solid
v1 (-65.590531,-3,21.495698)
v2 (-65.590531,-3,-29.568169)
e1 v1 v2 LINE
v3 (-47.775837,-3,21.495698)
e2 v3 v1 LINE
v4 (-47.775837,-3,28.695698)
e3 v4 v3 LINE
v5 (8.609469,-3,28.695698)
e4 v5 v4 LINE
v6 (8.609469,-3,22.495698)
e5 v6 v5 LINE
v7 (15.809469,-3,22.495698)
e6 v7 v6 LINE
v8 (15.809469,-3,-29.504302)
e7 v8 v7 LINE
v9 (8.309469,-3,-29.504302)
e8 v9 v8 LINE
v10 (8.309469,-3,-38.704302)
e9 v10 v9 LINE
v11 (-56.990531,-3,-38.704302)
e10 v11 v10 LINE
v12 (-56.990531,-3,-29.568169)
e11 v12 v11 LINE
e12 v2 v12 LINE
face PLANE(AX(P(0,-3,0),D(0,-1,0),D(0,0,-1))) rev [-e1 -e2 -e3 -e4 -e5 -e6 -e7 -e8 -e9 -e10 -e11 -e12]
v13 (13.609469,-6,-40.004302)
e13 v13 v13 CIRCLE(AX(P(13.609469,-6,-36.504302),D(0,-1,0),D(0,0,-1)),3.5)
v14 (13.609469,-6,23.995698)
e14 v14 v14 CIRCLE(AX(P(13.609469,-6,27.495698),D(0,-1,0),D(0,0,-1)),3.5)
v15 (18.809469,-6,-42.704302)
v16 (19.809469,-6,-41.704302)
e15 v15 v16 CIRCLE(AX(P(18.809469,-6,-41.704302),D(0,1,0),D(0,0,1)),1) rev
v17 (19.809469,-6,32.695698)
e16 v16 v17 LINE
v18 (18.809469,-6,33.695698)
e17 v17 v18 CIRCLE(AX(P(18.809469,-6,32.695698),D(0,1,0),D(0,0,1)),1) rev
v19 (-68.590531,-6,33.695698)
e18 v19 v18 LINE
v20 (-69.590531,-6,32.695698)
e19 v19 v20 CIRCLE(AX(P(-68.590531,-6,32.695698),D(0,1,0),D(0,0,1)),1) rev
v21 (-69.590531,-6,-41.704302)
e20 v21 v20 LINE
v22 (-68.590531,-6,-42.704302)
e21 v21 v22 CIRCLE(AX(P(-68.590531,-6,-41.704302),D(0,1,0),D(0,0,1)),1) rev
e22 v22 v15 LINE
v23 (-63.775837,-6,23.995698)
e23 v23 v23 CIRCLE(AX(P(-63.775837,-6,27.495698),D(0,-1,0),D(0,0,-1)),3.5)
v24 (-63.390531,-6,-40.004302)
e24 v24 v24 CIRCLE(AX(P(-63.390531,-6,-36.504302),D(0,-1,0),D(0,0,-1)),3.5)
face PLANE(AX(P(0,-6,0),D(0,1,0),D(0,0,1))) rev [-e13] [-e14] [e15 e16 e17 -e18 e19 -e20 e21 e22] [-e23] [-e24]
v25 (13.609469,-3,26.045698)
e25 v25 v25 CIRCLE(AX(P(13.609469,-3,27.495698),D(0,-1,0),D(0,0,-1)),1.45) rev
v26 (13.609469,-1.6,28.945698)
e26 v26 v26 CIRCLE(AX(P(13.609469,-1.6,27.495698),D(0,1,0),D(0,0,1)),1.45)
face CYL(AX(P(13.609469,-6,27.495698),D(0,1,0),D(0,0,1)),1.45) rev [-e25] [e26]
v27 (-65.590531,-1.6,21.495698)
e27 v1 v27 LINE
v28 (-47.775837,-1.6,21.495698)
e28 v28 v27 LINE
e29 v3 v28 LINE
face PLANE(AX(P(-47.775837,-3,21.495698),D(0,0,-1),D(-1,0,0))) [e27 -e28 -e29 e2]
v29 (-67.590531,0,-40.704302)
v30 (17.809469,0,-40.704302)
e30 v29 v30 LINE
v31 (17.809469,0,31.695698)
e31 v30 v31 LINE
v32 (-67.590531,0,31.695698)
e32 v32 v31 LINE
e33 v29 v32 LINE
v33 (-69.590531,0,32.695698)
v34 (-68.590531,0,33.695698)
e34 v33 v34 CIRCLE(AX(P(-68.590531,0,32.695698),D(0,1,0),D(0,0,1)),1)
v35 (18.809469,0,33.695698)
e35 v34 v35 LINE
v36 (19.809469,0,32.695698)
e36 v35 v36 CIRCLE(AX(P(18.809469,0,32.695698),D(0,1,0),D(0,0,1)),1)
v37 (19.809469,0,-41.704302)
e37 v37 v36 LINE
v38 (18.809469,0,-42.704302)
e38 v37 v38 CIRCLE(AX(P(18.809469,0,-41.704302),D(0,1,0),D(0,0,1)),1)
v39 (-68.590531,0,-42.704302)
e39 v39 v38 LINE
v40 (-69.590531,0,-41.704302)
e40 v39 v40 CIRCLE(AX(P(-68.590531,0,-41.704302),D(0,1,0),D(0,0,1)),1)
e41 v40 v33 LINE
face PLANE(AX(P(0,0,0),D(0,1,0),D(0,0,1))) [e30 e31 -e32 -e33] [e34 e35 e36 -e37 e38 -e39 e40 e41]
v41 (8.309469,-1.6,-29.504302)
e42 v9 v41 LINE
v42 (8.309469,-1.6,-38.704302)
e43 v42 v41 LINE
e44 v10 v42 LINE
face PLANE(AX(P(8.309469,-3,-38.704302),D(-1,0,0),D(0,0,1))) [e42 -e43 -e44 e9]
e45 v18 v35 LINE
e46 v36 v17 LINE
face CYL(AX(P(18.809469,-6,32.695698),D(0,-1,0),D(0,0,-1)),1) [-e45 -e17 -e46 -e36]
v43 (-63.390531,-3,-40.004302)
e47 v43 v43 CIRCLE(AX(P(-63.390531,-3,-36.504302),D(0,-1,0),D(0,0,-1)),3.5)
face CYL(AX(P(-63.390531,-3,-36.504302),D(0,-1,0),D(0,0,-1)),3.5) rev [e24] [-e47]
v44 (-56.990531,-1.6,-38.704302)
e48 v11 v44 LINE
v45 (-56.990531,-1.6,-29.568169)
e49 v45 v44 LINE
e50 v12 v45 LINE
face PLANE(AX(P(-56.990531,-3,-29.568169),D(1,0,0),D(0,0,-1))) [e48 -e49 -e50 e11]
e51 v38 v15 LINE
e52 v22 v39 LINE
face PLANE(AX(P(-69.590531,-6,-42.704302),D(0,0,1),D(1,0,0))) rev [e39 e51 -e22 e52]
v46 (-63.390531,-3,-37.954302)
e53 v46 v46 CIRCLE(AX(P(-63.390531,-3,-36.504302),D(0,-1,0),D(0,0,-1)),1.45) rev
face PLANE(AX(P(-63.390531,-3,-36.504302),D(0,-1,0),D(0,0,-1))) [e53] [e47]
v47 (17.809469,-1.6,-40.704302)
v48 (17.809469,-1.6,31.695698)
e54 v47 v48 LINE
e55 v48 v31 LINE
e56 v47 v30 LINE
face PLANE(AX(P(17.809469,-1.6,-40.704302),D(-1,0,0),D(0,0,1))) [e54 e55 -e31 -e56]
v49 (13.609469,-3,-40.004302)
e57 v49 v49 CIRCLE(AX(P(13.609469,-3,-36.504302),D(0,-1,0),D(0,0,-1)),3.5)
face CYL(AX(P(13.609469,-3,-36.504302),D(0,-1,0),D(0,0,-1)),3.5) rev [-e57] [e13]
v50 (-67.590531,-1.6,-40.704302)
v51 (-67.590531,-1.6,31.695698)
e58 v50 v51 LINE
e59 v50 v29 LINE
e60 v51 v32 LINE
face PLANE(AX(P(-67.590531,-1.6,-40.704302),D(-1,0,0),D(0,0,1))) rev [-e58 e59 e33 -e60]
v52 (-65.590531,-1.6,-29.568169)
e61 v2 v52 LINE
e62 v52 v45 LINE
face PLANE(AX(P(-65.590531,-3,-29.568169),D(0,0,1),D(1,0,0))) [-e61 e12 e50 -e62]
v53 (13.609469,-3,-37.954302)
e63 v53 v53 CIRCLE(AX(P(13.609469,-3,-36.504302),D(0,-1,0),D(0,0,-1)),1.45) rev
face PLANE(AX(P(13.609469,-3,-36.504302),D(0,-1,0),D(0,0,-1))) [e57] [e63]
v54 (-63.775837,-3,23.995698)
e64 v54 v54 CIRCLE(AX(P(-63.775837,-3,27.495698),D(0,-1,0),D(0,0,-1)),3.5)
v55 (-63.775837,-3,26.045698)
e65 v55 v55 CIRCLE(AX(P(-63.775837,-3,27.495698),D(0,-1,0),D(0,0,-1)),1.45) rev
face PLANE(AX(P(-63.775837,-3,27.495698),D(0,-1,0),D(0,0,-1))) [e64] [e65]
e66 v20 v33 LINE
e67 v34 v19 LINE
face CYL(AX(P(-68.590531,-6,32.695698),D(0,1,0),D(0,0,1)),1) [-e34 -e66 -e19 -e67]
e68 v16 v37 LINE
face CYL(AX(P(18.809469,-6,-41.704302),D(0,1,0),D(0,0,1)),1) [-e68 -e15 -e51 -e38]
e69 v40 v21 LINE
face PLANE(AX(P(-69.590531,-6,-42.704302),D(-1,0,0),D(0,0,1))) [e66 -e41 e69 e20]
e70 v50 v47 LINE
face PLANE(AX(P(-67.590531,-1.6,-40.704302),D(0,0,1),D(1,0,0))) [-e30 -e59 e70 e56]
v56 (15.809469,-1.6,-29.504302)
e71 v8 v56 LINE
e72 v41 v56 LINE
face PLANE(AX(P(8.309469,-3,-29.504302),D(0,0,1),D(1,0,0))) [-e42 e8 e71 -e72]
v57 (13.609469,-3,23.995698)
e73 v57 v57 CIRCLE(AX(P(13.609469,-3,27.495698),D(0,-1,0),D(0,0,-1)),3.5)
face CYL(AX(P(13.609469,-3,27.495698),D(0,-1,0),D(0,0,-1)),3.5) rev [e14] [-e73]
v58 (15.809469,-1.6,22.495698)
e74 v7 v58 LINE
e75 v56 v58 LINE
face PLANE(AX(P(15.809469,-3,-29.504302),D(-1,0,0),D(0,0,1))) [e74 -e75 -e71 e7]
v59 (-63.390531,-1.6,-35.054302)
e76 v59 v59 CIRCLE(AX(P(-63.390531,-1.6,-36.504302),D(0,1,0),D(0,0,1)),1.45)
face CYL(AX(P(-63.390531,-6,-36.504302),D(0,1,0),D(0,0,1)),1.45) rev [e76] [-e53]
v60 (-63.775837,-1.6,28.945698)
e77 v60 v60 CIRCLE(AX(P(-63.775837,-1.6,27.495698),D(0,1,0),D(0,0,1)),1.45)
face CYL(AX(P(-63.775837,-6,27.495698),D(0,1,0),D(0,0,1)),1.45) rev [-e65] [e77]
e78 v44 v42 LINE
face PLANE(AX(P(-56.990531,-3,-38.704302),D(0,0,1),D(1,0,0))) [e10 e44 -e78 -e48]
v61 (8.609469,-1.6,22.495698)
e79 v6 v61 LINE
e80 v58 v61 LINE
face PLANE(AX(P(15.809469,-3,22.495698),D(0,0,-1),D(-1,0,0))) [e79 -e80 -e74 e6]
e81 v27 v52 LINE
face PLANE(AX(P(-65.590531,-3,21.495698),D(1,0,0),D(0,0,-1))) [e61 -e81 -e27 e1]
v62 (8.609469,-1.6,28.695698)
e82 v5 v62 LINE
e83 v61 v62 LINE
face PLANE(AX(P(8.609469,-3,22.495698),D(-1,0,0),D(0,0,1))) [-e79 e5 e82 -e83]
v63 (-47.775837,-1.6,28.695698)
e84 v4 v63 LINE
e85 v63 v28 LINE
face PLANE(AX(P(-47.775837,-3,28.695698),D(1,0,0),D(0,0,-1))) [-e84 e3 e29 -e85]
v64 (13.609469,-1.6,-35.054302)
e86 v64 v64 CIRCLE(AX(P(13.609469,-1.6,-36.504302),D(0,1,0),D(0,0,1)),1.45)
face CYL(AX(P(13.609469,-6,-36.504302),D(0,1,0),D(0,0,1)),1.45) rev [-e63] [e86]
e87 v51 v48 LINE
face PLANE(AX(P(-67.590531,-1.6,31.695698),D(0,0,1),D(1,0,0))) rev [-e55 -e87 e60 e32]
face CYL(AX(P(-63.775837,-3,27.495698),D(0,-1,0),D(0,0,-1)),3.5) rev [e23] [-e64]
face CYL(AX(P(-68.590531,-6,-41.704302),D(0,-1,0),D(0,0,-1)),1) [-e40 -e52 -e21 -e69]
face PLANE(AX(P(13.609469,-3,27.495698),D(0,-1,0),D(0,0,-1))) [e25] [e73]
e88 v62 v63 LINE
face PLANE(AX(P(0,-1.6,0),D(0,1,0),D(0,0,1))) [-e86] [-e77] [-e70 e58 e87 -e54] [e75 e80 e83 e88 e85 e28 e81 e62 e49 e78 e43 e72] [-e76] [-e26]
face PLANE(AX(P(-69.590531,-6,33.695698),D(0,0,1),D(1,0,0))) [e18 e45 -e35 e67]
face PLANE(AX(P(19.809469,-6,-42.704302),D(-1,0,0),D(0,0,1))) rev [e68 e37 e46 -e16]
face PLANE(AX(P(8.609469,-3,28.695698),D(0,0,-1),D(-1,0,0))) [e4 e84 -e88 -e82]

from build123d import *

# Parameters (mm, degrees)
SKETCH1_W           = 89.4
SKETCH1_H           = 76.4
BOSS_EXTRUDE1_DEPTH = 6
SKETCH1_5_W         = 85.4
SKETCH1_5_H         = 72.4
CUT_EXTRUDE2_DEPTH  = 1.6
CUT_EXTRUDE3_DEPTH  = 3
SKETCH1_7_R         = 1.45
CUT_EXTRUDE4_DEPTH  = 82.868794295
FILLET1_R           = 1
SKETCH2_R           = 3.5
CUT_EXTRUDE5_DEPTH  = 3


with BuildPart() as part:
    # Sketch1 → Boss-Extrude1 (new body)
    with BuildSketch(Plane(origin=(0, 0, 0), x_dir=(1, 0, 0), z_dir=(0, 1, 0))):
        with Locations((-24.890531337, 4.504302213)):
            Rectangle(SKETCH1_W, SKETCH1_H)
    extrude(amount=-BOSS_EXTRUDE1_DEPTH)

    # Sketch1<5> → Cut-Extrude2 (cut)
    with BuildSketch(Plane(origin=(0, 0, 0), x_dir=(1, 0, 0), z_dir=(0, 1, 0))):
        with Locations((-24.890531337, 4.504302213)):
            Rectangle(SKETCH1_5_W, SKETCH1_5_H)
    extrude(amount=-CUT_EXTRUDE2_DEPTH, mode=Mode.SUBTRACT)

    # Sketch1<6> → Cut-Extrude3 (cut)
    with BuildSketch(Plane(origin=(0, 0, 0), x_dir=(1, 0, 0), z_dir=(0, 1, 0))):
        Polygon((-47.775836727, -21.495697787), (-65.590531337, -21.495697787), (-65.590531337, 29.568169386), (-56.990531337, 29.568169386), (-56.990531337, 38.704302213), (8.309468663, 38.704302213), (8.309468663, 29.504302213), (15.809468663, 29.504302213), (15.809468663, -22.495697787), (8.609468663, -22.495697787), (8.609468663, -28.695697787), (-47.775836727, -28.695697787), align=None)
    extrude(amount=-CUT_EXTRUDE3_DEPTH, mode=Mode.SUBTRACT)

    # Sketch1<7> → Cut-Extrude4 (cut, through all)
    with BuildSketch(Plane(origin=(0, 0, 0), x_dir=(1, 0, 0), z_dir=(0, 1, 0))):
        with Locations((13.609468663, 36.504302213)):
            Circle(SKETCH1_7_R)
        with Locations((-63.775836727, -27.495697787)):
            Circle(SKETCH1_7_R)
        with Locations((-63.390531337, 36.504302213)):
            Circle(SKETCH1_7_R)
        with Locations((13.609468663, -27.495697787)):
            Circle(SKETCH1_7_R)
    extrude(amount=-CUT_EXTRUDE4_DEPTH, mode=Mode.SUBTRACT)

    # Fillet1
    fillet1_edges = [part.edges().sort_by_distance(p)[0] for p in [
        (-69.590531337, -3, 33.695697787),
        (-69.590531337, -3, -42.704302213),
        (19.809468663, -3, 33.695697787),
        (19.809468663, -3, -42.704302213),
    ]]
    fillet(fillet1_edges, radius=FILLET1_R)

    # Sketch2 → Cut-Extrude5 (cut)
    with BuildSketch(Plane.XZ.offset(6)):
        with Locations((-63.775836727, 27.495697787)):
            Circle(SKETCH2_R)
        with Locations((13.609468663, 27.495697787)):
            Circle(SKETCH2_R)
        with Locations((13.609468663, -36.504302213)):
            Circle(SKETCH2_R)
        with Locations((-63.390531337, -36.504302213)):
            Circle(SKETCH2_R)
    extrude(amount=-CUT_EXTRUDE5_DEPTH, mode=Mode.SUBTRACT)


solid = part.part
